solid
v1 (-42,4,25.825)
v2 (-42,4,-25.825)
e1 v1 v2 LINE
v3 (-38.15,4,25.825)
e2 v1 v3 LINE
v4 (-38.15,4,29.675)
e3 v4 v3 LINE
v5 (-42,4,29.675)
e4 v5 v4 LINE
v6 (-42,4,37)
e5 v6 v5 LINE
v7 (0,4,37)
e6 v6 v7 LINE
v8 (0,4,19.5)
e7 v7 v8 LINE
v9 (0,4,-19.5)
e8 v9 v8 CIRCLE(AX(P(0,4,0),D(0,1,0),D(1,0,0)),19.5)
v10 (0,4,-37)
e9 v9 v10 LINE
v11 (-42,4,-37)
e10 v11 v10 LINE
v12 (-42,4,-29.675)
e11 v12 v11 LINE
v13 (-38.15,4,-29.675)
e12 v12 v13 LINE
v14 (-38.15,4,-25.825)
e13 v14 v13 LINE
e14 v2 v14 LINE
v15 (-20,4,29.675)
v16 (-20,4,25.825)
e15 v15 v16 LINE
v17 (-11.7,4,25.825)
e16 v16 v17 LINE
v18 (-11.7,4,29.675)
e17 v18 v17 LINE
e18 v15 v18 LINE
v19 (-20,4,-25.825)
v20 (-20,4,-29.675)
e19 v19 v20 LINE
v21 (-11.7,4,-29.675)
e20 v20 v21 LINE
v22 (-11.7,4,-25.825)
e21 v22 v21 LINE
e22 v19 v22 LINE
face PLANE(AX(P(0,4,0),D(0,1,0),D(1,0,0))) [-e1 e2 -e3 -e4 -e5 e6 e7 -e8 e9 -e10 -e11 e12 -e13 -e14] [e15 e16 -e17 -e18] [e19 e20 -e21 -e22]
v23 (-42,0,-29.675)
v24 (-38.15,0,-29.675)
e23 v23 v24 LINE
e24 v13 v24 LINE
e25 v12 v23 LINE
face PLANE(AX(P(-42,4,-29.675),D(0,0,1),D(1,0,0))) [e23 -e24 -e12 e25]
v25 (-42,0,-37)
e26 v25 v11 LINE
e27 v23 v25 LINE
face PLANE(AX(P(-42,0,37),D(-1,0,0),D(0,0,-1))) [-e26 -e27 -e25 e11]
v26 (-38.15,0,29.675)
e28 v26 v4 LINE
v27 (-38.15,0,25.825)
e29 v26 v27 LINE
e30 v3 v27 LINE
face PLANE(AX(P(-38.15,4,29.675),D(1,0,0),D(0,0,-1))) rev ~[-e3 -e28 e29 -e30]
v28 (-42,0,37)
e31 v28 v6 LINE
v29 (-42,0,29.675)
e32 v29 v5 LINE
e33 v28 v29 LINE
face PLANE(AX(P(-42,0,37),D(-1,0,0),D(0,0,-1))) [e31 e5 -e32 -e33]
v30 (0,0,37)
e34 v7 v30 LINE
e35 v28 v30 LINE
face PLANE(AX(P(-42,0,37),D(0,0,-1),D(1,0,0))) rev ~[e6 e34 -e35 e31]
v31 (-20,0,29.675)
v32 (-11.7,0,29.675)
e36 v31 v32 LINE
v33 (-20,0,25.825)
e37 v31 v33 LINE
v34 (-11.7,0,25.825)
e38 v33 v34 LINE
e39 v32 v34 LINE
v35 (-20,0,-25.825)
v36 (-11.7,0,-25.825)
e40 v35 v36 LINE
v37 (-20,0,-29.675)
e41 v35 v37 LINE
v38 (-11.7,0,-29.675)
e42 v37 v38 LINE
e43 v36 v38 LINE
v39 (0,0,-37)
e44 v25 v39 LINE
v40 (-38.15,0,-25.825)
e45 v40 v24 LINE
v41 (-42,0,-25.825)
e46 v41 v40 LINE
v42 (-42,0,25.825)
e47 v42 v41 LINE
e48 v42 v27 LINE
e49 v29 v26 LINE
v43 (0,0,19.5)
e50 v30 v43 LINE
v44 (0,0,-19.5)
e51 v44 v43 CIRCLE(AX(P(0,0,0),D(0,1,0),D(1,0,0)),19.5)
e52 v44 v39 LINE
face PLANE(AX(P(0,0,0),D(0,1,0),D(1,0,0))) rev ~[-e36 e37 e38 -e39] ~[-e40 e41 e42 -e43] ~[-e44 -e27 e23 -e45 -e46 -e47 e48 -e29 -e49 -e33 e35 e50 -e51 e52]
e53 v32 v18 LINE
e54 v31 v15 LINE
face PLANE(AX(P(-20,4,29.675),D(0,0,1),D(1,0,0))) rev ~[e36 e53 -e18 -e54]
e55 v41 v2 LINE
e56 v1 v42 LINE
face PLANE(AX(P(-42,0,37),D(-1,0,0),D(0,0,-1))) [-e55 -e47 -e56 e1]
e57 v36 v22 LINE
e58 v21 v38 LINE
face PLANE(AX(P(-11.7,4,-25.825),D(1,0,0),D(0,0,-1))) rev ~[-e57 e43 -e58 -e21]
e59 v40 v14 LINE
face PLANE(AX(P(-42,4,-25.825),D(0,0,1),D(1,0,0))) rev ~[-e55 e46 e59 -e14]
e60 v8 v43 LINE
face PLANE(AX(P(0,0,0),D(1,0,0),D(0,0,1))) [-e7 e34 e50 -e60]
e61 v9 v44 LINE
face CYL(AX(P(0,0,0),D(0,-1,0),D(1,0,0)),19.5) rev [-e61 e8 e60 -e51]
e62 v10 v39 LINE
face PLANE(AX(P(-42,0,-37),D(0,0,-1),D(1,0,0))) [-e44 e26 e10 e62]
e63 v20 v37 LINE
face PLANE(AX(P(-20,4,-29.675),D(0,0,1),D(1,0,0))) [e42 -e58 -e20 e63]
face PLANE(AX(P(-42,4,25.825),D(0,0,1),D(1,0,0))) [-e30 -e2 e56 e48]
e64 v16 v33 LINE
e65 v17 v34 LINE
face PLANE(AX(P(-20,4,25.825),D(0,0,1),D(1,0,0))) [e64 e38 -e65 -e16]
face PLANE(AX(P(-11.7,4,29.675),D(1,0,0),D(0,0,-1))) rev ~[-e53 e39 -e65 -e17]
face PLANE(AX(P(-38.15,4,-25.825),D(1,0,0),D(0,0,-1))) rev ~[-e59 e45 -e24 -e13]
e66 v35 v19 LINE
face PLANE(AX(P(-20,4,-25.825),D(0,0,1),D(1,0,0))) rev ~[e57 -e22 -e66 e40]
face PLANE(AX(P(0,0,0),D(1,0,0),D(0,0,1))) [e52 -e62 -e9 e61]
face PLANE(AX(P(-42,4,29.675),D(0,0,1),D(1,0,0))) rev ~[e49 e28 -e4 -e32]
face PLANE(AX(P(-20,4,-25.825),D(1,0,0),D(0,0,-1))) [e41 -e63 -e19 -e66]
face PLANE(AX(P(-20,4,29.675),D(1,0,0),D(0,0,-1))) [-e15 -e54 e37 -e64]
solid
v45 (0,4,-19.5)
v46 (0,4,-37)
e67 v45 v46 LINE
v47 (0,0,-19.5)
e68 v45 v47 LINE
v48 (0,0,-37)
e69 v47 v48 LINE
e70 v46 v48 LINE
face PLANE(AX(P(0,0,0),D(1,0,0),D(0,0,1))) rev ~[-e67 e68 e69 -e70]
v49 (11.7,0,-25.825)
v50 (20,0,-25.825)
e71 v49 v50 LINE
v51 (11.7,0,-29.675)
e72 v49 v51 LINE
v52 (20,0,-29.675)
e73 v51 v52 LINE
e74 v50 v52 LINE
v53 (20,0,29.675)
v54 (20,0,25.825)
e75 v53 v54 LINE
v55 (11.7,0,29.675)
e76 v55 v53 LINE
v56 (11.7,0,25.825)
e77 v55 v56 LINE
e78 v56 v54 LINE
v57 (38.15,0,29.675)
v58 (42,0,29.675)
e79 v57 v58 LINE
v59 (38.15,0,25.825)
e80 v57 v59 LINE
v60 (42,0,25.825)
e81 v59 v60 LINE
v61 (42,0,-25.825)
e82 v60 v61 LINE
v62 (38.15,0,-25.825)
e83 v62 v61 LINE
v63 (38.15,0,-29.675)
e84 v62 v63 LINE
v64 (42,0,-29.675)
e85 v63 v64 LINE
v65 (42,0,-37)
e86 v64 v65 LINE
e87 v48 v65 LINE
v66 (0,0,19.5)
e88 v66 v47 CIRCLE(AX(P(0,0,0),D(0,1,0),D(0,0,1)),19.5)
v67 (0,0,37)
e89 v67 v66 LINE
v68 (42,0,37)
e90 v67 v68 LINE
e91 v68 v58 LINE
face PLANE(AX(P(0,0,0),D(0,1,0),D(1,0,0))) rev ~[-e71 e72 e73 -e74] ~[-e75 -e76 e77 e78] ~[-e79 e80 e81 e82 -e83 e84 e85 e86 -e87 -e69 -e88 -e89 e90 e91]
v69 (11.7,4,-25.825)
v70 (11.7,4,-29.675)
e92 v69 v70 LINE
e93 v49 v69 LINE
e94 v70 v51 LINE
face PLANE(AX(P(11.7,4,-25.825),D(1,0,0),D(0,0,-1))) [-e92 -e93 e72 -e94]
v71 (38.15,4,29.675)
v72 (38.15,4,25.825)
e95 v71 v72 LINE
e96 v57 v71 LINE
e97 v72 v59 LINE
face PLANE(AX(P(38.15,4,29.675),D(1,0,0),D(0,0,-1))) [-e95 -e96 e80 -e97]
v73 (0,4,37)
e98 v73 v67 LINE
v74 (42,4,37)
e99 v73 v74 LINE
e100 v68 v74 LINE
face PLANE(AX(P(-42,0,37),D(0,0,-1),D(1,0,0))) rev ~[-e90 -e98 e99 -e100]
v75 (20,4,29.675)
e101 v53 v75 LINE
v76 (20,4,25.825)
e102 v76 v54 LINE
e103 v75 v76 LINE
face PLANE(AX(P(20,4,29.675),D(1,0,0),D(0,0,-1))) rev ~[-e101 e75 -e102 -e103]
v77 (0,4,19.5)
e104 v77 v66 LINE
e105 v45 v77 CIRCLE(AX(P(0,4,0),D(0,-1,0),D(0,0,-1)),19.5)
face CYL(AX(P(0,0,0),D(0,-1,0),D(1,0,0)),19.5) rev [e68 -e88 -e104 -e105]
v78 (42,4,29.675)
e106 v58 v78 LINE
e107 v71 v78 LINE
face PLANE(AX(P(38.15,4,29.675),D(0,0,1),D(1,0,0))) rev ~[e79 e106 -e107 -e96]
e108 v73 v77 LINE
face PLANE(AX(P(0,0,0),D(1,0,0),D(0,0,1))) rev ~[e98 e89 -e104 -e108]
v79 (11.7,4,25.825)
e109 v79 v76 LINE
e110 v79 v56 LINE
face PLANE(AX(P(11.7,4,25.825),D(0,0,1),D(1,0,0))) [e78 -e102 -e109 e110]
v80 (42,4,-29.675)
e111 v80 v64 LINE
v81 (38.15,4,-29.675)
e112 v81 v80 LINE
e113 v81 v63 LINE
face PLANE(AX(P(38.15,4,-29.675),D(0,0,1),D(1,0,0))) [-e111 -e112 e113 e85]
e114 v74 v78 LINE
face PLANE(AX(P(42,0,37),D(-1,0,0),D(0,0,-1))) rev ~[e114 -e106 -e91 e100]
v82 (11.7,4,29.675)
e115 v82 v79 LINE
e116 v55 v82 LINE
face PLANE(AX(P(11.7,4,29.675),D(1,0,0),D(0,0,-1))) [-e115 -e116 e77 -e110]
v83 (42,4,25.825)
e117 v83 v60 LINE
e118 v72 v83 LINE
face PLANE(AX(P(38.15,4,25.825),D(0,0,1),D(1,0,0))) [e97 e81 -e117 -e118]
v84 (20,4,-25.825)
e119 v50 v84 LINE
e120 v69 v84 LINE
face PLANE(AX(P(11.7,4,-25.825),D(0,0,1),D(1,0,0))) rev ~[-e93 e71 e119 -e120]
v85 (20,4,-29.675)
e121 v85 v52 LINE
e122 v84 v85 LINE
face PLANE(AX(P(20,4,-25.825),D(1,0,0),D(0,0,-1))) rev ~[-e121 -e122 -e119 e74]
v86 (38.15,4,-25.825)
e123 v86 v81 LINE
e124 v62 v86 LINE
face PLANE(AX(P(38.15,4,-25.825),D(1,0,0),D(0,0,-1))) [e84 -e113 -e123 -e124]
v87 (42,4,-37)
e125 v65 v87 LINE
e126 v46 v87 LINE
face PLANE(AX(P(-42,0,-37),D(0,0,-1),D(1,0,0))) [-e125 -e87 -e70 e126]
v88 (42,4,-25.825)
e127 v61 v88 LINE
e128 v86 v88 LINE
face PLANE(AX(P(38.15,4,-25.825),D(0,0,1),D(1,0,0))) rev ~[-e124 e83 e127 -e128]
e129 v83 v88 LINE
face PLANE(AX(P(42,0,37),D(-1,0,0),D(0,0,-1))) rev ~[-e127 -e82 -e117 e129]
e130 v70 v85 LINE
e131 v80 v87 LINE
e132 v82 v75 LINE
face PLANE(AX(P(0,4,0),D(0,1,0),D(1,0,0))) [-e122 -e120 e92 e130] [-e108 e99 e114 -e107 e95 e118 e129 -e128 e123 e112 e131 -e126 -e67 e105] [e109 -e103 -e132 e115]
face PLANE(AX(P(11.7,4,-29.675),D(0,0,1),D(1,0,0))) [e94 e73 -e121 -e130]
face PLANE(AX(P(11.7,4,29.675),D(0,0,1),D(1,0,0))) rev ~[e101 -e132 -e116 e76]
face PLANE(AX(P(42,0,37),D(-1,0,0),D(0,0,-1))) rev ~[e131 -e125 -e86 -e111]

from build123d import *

# Parameters (mm, degrees)
SKETCH2_W               = 84
SKETCH2_H               = 74
SKETCH2_R               = 19.5
BOSS_EXTRUDE1_DEPTH     = 4
SKETCH4_W               = 8.3
SKETCH4_H               = 3.85
SKETCH4_W_2             = 3.85
CUT_EXTRUDE2_DEPTH      = 1
CUT_EXTRUDE2_DEPTH_BACK = 5


with BuildPart() as part:
    # Sketch2 → Boss-Extrude1 (new body)
    with BuildSketch(Plane(origin=(0, 0, 0), x_dir=(1, 0, 0), z_dir=(0, 1, 0))):
        Rectangle(SKETCH2_W, SKETCH2_H)
        Circle(SKETCH2_R, mode=Mode.SUBTRACT)
    extrude(amount=BOSS_EXTRUDE1_DEPTH)


with BuildPart() as body_2:
    # Split1: the piece on the far side of the plane
    add(part.part)
    split(bisect_by=Plane(origin=(0, 0, 0), x_dir=(0, 0, 1), z_dir=(1, 0, 0)), keep=Keep.BOTTOM)


with BuildPart() as part_1:
    add(part.part)

    # Split1
    split(bisect_by=Plane(origin=(0, 0, 0), x_dir=(0, 0, 1), z_dir=(1, 0, 0)), keep=Keep.TOP)


with BuildPart() as cut_extrude2_tool:
    # Sketch4 → Cut-Extrude2 (new body, two sides)
    with BuildSketch(Plane(origin=(0, 4, 0), x_dir=(1, 0, 0), z_dir=(0, 1, 0))) as cut_extrude2_sk:
        with Locations((-15.85, -27.75)):
            Rectangle(SKETCH4_W, SKETCH4_H)
        with Locations((-40.075, -27.75)):
            Rectangle(SKETCH4_W_2, SKETCH4_H)
        with Locations((40.075, -27.75)):
            Rectangle(SKETCH4_W_2, SKETCH4_H)
        with Locations((15.85, -27.75)):
            Rectangle(SKETCH4_W, SKETCH4_H)
        with Locations((15.85, 27.75)):
            Rectangle(SKETCH4_W, SKETCH4_H)
        with Locations((40.075, 27.75)):
            Rectangle(SKETCH4_W_2, SKETCH4_H)
        with Locations((-40.075, 27.75)):
            Rectangle(SKETCH4_W_2, SKETCH4_H)
        with Locations((-15.85, 27.75)):
            Rectangle(SKETCH4_W, SKETCH4_H)
    extrude(amount=CUT_EXTRUDE2_DEPTH)
    extrude(cut_extrude2_sk.sketch, amount=-CUT_EXTRUDE2_DEPTH_BACK)


with BuildPart() as part_2:
    add(part_1.part)

    # Cut-Extrude2: cut by cut_extrude2_tool
    add(cut_extrude2_tool.part, mode=Mode.SUBTRACT)


with BuildPart() as body_2_1:
    add(body_2.part)

    # Cut-Extrude2: cut by cut_extrude2_tool
    add(cut_extrude2_tool.part, mode=Mode.SUBTRACT)


solid = Compound([part_2.part, body_2_1.part])
